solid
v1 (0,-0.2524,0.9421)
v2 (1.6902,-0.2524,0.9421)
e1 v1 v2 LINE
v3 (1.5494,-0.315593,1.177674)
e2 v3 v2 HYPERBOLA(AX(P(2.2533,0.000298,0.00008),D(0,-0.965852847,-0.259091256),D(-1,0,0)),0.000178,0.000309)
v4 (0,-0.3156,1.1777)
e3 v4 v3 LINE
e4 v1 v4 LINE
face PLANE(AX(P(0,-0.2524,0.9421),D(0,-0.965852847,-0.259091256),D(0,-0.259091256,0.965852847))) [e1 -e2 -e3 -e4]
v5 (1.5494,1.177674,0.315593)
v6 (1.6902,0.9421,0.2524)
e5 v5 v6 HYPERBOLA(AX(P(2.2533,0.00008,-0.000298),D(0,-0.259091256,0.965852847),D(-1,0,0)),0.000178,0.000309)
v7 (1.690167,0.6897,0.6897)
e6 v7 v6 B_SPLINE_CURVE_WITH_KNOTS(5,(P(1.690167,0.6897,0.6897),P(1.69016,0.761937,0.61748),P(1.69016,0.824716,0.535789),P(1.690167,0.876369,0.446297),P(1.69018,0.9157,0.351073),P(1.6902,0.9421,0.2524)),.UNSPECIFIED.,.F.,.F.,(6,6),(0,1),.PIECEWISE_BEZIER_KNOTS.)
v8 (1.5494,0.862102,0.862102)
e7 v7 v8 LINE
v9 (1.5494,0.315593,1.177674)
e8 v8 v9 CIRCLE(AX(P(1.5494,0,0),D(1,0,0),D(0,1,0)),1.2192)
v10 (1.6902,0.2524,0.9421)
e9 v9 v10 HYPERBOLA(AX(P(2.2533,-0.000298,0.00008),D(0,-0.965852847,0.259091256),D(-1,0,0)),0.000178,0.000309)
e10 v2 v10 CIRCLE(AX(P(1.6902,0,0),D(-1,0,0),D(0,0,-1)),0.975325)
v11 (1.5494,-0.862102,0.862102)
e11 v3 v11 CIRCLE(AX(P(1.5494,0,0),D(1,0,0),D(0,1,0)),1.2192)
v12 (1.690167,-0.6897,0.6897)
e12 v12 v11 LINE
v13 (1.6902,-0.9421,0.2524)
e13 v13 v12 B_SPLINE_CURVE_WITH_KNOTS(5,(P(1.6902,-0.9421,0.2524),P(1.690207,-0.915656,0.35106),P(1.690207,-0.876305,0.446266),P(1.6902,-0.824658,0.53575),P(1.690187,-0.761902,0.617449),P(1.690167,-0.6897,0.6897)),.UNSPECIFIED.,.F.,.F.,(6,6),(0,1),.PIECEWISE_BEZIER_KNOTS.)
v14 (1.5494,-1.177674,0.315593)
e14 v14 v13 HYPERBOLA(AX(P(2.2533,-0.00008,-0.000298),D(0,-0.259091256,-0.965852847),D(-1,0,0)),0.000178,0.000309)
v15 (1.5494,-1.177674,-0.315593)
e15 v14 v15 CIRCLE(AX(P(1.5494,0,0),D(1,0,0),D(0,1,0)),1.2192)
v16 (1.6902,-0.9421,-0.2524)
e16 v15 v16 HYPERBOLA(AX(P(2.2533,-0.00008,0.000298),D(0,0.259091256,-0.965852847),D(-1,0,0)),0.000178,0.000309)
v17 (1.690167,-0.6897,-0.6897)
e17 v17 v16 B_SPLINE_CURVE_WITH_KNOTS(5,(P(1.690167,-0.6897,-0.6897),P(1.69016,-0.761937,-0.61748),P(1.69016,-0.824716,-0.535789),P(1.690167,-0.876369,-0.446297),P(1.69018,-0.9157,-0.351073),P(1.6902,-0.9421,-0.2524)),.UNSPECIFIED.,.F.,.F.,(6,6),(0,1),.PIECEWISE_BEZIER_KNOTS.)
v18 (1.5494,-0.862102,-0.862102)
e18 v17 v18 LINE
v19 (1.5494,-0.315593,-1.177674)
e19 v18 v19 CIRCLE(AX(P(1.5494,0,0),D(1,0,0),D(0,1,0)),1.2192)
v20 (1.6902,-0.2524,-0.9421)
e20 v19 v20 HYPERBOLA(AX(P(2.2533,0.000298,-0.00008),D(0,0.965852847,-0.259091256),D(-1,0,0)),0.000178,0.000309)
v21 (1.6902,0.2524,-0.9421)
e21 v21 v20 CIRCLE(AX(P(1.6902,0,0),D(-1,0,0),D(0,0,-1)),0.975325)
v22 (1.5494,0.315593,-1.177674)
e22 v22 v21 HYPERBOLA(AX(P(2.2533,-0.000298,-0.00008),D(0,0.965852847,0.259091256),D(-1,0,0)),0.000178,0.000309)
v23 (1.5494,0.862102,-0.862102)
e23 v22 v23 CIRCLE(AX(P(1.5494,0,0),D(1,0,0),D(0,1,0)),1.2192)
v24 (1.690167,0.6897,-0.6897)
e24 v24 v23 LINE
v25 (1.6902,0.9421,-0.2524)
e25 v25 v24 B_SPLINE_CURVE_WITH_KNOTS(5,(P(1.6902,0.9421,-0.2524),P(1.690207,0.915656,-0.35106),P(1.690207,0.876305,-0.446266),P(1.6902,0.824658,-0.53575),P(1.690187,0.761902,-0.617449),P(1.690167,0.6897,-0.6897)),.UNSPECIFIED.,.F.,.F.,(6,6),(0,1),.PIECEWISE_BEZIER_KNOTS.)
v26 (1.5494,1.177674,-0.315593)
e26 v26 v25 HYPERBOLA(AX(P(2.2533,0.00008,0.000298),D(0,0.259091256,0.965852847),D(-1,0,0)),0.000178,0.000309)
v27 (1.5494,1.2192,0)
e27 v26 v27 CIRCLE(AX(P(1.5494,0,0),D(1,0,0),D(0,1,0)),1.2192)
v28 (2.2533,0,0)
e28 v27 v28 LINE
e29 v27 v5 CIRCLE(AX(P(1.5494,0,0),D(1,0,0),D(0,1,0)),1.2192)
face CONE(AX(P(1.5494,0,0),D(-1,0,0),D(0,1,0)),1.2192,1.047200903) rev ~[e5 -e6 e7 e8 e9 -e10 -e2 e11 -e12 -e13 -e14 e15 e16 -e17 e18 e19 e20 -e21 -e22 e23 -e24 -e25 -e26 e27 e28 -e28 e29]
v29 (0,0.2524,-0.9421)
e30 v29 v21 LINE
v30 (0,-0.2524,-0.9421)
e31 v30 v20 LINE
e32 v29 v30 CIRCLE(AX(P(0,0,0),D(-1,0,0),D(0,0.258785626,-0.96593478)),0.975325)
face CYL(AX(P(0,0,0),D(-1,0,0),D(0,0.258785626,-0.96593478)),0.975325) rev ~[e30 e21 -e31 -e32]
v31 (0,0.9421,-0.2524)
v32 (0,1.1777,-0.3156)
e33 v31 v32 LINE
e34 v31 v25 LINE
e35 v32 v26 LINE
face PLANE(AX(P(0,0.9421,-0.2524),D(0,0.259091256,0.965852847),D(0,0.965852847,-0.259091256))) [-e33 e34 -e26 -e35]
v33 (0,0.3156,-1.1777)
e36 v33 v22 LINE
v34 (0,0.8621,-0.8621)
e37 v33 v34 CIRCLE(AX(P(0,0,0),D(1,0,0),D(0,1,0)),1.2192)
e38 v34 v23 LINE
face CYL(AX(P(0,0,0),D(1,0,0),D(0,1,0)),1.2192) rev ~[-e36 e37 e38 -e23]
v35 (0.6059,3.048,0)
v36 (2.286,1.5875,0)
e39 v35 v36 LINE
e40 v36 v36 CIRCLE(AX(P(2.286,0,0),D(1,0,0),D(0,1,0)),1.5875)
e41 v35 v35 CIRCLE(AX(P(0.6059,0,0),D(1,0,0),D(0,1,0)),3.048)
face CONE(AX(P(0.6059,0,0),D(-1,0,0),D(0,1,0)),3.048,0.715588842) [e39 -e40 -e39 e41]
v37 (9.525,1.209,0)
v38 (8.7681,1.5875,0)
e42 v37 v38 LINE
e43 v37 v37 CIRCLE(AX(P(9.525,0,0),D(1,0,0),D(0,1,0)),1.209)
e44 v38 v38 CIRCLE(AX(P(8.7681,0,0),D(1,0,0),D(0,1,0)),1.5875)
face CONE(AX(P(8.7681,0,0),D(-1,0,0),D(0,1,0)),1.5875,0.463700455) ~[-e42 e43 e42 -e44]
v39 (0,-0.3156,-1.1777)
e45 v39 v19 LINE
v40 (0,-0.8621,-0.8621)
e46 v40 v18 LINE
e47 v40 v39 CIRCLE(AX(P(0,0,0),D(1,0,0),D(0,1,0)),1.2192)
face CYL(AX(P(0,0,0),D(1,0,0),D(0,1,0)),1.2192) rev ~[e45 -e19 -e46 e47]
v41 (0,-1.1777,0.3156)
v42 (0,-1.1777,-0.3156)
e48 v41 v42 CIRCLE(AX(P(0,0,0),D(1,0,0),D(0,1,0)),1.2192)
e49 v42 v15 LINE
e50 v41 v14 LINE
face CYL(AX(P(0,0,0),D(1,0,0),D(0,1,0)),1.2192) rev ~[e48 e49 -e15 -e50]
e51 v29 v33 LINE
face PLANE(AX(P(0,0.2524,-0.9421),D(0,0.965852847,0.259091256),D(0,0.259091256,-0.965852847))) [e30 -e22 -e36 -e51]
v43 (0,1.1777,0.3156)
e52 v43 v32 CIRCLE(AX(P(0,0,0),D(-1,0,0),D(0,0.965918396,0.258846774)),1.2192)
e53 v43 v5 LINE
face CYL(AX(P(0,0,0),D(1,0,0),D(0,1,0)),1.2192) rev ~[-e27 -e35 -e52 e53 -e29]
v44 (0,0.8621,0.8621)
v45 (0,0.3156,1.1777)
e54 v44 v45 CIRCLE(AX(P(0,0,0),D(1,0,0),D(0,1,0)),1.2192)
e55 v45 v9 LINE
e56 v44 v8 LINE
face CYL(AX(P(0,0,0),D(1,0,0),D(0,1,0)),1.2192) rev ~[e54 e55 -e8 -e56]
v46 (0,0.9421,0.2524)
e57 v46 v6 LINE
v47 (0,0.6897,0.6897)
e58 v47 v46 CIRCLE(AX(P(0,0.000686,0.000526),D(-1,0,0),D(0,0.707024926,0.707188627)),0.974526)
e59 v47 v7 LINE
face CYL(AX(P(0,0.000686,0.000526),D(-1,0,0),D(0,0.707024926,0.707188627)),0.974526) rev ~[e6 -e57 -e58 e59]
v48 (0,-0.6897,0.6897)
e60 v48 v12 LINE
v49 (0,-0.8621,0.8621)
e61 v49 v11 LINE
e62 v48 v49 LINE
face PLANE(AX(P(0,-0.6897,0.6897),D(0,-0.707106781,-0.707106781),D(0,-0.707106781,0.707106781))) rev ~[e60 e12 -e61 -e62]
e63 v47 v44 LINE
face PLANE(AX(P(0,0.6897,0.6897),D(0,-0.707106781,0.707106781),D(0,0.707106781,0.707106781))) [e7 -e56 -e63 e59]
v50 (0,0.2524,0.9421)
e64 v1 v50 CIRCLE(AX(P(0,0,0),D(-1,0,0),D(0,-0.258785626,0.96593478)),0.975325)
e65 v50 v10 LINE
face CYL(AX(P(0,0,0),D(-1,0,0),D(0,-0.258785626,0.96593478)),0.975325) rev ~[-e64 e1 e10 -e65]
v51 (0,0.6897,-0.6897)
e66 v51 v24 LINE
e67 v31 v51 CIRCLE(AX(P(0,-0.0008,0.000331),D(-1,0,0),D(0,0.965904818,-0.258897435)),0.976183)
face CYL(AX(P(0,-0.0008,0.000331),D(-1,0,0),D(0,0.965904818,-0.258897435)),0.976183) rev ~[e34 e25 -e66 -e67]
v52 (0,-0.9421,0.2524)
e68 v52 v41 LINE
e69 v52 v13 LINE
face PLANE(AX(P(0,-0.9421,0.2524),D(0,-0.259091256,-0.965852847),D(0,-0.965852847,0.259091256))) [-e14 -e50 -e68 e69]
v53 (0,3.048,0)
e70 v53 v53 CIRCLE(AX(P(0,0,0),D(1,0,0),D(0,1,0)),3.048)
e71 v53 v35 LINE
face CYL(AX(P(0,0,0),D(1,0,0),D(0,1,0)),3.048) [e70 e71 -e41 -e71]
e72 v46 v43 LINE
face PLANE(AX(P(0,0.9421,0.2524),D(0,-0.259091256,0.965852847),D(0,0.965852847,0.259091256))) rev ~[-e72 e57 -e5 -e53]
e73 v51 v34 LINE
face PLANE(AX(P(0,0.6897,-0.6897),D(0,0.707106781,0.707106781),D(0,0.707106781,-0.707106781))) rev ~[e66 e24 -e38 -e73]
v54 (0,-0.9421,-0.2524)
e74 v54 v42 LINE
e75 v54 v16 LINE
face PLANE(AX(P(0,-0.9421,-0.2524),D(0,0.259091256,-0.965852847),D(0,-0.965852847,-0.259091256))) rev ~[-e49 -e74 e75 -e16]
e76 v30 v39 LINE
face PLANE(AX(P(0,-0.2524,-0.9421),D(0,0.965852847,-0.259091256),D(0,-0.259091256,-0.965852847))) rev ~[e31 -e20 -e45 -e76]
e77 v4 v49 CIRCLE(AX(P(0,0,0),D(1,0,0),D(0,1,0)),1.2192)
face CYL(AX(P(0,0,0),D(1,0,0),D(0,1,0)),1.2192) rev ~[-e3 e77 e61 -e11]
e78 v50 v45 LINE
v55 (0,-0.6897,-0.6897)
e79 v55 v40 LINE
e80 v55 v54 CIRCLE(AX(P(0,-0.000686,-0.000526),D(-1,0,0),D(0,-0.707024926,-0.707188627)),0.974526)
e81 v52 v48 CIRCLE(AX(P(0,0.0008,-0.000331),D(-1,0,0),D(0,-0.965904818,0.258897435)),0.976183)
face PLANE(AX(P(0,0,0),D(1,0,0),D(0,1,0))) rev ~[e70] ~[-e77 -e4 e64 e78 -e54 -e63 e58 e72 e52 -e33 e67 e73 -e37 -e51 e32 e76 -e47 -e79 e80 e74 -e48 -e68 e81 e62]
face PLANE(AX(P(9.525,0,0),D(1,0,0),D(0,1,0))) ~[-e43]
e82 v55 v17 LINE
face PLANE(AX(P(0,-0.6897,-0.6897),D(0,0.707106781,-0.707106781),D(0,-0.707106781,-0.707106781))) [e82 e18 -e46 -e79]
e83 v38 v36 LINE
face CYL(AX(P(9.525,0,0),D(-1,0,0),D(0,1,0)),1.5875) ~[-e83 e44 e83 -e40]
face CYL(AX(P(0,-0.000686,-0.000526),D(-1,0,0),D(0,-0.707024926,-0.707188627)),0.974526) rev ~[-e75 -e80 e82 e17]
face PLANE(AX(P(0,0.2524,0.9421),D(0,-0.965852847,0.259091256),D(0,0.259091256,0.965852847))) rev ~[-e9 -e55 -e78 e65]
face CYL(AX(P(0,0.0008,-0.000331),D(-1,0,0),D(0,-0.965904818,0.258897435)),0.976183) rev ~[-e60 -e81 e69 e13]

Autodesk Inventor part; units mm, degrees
ref_plane "YZ Plane" through (0, 0, 0) normal (1, 0, 0) x (0, 1, 0)
ref_plane "XZ Plane" through (0, 0, 0) normal (0, 1, 0) x (-1, 0, 0)
sketch "Sketch1" plane through (0, 0, 0) normal (0, 0, 1) x (1, 0, 0)
  line L0 (9.525, 0) -> (9.525, 1.5875)
  line L1 (9.525, 1.5875) -> (2.286, 1.5875)
  line L2 (0, 3.048) -> (0, 1.2192)
  line L3 (0, 1.2192) -> (1.5494, 1.2192)
  line L4 (1.5494, 1.2192) -> (2.2533, 0)
  line L5 (2.2533, 0) -> (9.525, 0)
  line L6 (0, 3.048) -> (0.6059, 3.048)
  line L7 (0.6059, 3.048) -> (2.286, 1.5875)
  line L8 (-1.905, 0) -> (11.43, 0) projected
  line L9 (0, -0.6096) -> (0, 3.6576) projected
  dimension "d0" = 9.525
  dimension "d1" = 1.5494
  dimension "d2" = 3.175
  dimension "d3" = 2.286
  dimension "d4" = 41
  dimension "d5" = 2.4384
  dimension "d6" = 60
  dimension "d7" = 6.096
revolve "Body" add sketch "Sketch1" angle 360 about axis through (2.2533, 0, 0) along (1, 0, 0) contours L5 L4 L3 L2 L6 L7 L1 L0
sketch "Sketch2" plane through (0, 0, 0) normal (-1, 0, 0) x (0, 0, 1)
  circle A0 centre (0, 0) radius 3.048 projected
  circle A1 centre (0, 0) radius 1.2192 projected
  line L0 (0.9421, 0.2524) -> (1.1777, 0.3156)
  line L1 (0.9421, -0.2524) -> (1.1777, -0.3156)
  arc A2 (0.9421, -0.2524) -> (0.9421, 0.2524) centre (0, 0) ccw
  arc A3 (1.1777, -0.3156) -> (1.1777, 0.3156) centre (0, 0) ccw
  line L2 (0, -4.2672) -> (0, 4.2672) projected
  line L3 (-4.2672, 0) -> (4.2672, 0) projected
  line L4 (0.9421, 0.2524) -> (0, 0) construction
  line L5 (0, 0) -> (0.9421, -0.2524) construction
  line L6 (0.2524, 0.9421) -> (0.3156, 1.1777)
  line L7 (0.6897, 0.6897) -> (0.8621, 0.8621)
  arc A4 (0.6897, 0.6897) -> (0.2524, 0.9421) centre (0, 0) ccw
  arc A5 (0.8621, 0.8621) -> (0.3156, 1.1777) centre (0, 0) ccw
  line L8 (-0.6897, 0.6897) -> (-0.8621, 0.8621)
  line L9 (-0.2524, 0.9421) -> (-0.3156, 1.1777)
  arc A6 (-0.2524, 0.9421) -> (-0.6897, 0.6897) centre (0, 0) ccw
  arc A7 (-0.3156, 1.1777) -> (-0.8621, 0.8621) centre (0, 0) ccw
  line L10 (-0.9421, -0.2524) -> (-1.1777, -0.3156)
  line L11 (-0.9421, 0.2524) -> (-1.1777, 0.3156)
  arc A8 (-0.9421, 0.2524) -> (-0.9421, -0.2524) centre (0, 0) ccw
  arc A9 (-1.1777, 0.3156) -> (-1.1777, -0.3156) centre (0, 0) ccw
  line L12 (-0.2524, -0.9421) -> (-0.3156, -1.1777)
  line L13 (-0.6897, -0.6897) -> (-0.8621, -0.8621)
  arc A10 (-0.6897, -0.6897) -> (-0.2524, -0.9421) centre (0, 0) ccw
  arc A11 (-0.8621, -0.8621) -> (-0.3156, -1.1777) centre (0, 0) ccw
  line L14 (0.6897, -0.6897) -> (0.8621, -0.8621)
  line L15 (0.2524, -0.9421) -> (0.3156, -1.1777)
  arc A12 (0.2524, -0.9421) -> (0.6897, -0.6897) centre (0, 0) ccw
  arc A13 (0.3156, -1.1777) -> (0.8621, -0.8621) centre (0, 0) ccw
  dimension "d8" = 1.9507
  dimension "d9" = 2.4384
  dimension "d10" = 15
  dimension "d11" = 15
  dimension "d22" = 360
extrude "Slot" add sketch "Sketch2" against normal up to next contours L3 A2 L0 A1 | A1 L1 A2 L3 | L3 A8 L10 A1 | A1 L11 A8 L3 | A1 L7 A4 L6 | L9 A6 L8 A1 | A1 L13 A10 L12 | L15 A12 L14 A1
thread "Thread" size "5-40 UNC" class "2A" standard "ANSI Unified Screw Threads" length 5.6515
chamfer "Chamfer1" distance 0.3785 distance2 0.7569 1 edges at (9.525, -1.5875, 0) measured on face at (9.525, -0.1593, -0.6099)
ref_plane "Work Plane1" through (66.6877, 0, 0) normal (0, 0, -1) x (1, 0, 0)
equation "\"d0\" = NLG"
equation "\"d1\" = INTI"
equation "\"d2\" = GD"
equation "\"d3\" = KOH"
equation "\"d4\" = 0.5 * SEWI"
equation "\"d5\" = SW"
equation "\"d7\" = KOD"
equation "\"d8\" = 0.8 * SW"
equation "\"d9\" = SW"
equation "\"d15\" = GEL"
equation "\"d17\" = -0.5 * SPD + 0.5 * GD"
equation "\"d18\" = GUL"
equation "\"NLG\" = 9.525"
equation "\"SW\" = 2.4384"
equation "\"INTI\" = 1.5494"
equation "\"GEL\" = 5.6515"
equation "\"KOH\" = 2.286"
equation "\"KOD\" = 6.096"
equation "\"GUL\" = 0.75692"
equation "\"SPD\" = 2.41808"
equation "\"GD\" = NND"
equation "\"SEWI\" = 82deg"
equation "\"TOA\" = 30deg"
equation "\"GD1\" = SPD"
equation "\"EPV\" = 4.11221"
equation "\"THREADDIA\" = 3.175"
equation "\"BDM\" = NND"
equation "\"NND\" = 3.175"
equation "\"GAL\" = 1.5875"
equation "\"E0\" = 1.155 * SW"
properties part number "ANSI B18.3 - 5-40 UNC x 0.375, SSFCHCSI" material "Steel, Mild"
